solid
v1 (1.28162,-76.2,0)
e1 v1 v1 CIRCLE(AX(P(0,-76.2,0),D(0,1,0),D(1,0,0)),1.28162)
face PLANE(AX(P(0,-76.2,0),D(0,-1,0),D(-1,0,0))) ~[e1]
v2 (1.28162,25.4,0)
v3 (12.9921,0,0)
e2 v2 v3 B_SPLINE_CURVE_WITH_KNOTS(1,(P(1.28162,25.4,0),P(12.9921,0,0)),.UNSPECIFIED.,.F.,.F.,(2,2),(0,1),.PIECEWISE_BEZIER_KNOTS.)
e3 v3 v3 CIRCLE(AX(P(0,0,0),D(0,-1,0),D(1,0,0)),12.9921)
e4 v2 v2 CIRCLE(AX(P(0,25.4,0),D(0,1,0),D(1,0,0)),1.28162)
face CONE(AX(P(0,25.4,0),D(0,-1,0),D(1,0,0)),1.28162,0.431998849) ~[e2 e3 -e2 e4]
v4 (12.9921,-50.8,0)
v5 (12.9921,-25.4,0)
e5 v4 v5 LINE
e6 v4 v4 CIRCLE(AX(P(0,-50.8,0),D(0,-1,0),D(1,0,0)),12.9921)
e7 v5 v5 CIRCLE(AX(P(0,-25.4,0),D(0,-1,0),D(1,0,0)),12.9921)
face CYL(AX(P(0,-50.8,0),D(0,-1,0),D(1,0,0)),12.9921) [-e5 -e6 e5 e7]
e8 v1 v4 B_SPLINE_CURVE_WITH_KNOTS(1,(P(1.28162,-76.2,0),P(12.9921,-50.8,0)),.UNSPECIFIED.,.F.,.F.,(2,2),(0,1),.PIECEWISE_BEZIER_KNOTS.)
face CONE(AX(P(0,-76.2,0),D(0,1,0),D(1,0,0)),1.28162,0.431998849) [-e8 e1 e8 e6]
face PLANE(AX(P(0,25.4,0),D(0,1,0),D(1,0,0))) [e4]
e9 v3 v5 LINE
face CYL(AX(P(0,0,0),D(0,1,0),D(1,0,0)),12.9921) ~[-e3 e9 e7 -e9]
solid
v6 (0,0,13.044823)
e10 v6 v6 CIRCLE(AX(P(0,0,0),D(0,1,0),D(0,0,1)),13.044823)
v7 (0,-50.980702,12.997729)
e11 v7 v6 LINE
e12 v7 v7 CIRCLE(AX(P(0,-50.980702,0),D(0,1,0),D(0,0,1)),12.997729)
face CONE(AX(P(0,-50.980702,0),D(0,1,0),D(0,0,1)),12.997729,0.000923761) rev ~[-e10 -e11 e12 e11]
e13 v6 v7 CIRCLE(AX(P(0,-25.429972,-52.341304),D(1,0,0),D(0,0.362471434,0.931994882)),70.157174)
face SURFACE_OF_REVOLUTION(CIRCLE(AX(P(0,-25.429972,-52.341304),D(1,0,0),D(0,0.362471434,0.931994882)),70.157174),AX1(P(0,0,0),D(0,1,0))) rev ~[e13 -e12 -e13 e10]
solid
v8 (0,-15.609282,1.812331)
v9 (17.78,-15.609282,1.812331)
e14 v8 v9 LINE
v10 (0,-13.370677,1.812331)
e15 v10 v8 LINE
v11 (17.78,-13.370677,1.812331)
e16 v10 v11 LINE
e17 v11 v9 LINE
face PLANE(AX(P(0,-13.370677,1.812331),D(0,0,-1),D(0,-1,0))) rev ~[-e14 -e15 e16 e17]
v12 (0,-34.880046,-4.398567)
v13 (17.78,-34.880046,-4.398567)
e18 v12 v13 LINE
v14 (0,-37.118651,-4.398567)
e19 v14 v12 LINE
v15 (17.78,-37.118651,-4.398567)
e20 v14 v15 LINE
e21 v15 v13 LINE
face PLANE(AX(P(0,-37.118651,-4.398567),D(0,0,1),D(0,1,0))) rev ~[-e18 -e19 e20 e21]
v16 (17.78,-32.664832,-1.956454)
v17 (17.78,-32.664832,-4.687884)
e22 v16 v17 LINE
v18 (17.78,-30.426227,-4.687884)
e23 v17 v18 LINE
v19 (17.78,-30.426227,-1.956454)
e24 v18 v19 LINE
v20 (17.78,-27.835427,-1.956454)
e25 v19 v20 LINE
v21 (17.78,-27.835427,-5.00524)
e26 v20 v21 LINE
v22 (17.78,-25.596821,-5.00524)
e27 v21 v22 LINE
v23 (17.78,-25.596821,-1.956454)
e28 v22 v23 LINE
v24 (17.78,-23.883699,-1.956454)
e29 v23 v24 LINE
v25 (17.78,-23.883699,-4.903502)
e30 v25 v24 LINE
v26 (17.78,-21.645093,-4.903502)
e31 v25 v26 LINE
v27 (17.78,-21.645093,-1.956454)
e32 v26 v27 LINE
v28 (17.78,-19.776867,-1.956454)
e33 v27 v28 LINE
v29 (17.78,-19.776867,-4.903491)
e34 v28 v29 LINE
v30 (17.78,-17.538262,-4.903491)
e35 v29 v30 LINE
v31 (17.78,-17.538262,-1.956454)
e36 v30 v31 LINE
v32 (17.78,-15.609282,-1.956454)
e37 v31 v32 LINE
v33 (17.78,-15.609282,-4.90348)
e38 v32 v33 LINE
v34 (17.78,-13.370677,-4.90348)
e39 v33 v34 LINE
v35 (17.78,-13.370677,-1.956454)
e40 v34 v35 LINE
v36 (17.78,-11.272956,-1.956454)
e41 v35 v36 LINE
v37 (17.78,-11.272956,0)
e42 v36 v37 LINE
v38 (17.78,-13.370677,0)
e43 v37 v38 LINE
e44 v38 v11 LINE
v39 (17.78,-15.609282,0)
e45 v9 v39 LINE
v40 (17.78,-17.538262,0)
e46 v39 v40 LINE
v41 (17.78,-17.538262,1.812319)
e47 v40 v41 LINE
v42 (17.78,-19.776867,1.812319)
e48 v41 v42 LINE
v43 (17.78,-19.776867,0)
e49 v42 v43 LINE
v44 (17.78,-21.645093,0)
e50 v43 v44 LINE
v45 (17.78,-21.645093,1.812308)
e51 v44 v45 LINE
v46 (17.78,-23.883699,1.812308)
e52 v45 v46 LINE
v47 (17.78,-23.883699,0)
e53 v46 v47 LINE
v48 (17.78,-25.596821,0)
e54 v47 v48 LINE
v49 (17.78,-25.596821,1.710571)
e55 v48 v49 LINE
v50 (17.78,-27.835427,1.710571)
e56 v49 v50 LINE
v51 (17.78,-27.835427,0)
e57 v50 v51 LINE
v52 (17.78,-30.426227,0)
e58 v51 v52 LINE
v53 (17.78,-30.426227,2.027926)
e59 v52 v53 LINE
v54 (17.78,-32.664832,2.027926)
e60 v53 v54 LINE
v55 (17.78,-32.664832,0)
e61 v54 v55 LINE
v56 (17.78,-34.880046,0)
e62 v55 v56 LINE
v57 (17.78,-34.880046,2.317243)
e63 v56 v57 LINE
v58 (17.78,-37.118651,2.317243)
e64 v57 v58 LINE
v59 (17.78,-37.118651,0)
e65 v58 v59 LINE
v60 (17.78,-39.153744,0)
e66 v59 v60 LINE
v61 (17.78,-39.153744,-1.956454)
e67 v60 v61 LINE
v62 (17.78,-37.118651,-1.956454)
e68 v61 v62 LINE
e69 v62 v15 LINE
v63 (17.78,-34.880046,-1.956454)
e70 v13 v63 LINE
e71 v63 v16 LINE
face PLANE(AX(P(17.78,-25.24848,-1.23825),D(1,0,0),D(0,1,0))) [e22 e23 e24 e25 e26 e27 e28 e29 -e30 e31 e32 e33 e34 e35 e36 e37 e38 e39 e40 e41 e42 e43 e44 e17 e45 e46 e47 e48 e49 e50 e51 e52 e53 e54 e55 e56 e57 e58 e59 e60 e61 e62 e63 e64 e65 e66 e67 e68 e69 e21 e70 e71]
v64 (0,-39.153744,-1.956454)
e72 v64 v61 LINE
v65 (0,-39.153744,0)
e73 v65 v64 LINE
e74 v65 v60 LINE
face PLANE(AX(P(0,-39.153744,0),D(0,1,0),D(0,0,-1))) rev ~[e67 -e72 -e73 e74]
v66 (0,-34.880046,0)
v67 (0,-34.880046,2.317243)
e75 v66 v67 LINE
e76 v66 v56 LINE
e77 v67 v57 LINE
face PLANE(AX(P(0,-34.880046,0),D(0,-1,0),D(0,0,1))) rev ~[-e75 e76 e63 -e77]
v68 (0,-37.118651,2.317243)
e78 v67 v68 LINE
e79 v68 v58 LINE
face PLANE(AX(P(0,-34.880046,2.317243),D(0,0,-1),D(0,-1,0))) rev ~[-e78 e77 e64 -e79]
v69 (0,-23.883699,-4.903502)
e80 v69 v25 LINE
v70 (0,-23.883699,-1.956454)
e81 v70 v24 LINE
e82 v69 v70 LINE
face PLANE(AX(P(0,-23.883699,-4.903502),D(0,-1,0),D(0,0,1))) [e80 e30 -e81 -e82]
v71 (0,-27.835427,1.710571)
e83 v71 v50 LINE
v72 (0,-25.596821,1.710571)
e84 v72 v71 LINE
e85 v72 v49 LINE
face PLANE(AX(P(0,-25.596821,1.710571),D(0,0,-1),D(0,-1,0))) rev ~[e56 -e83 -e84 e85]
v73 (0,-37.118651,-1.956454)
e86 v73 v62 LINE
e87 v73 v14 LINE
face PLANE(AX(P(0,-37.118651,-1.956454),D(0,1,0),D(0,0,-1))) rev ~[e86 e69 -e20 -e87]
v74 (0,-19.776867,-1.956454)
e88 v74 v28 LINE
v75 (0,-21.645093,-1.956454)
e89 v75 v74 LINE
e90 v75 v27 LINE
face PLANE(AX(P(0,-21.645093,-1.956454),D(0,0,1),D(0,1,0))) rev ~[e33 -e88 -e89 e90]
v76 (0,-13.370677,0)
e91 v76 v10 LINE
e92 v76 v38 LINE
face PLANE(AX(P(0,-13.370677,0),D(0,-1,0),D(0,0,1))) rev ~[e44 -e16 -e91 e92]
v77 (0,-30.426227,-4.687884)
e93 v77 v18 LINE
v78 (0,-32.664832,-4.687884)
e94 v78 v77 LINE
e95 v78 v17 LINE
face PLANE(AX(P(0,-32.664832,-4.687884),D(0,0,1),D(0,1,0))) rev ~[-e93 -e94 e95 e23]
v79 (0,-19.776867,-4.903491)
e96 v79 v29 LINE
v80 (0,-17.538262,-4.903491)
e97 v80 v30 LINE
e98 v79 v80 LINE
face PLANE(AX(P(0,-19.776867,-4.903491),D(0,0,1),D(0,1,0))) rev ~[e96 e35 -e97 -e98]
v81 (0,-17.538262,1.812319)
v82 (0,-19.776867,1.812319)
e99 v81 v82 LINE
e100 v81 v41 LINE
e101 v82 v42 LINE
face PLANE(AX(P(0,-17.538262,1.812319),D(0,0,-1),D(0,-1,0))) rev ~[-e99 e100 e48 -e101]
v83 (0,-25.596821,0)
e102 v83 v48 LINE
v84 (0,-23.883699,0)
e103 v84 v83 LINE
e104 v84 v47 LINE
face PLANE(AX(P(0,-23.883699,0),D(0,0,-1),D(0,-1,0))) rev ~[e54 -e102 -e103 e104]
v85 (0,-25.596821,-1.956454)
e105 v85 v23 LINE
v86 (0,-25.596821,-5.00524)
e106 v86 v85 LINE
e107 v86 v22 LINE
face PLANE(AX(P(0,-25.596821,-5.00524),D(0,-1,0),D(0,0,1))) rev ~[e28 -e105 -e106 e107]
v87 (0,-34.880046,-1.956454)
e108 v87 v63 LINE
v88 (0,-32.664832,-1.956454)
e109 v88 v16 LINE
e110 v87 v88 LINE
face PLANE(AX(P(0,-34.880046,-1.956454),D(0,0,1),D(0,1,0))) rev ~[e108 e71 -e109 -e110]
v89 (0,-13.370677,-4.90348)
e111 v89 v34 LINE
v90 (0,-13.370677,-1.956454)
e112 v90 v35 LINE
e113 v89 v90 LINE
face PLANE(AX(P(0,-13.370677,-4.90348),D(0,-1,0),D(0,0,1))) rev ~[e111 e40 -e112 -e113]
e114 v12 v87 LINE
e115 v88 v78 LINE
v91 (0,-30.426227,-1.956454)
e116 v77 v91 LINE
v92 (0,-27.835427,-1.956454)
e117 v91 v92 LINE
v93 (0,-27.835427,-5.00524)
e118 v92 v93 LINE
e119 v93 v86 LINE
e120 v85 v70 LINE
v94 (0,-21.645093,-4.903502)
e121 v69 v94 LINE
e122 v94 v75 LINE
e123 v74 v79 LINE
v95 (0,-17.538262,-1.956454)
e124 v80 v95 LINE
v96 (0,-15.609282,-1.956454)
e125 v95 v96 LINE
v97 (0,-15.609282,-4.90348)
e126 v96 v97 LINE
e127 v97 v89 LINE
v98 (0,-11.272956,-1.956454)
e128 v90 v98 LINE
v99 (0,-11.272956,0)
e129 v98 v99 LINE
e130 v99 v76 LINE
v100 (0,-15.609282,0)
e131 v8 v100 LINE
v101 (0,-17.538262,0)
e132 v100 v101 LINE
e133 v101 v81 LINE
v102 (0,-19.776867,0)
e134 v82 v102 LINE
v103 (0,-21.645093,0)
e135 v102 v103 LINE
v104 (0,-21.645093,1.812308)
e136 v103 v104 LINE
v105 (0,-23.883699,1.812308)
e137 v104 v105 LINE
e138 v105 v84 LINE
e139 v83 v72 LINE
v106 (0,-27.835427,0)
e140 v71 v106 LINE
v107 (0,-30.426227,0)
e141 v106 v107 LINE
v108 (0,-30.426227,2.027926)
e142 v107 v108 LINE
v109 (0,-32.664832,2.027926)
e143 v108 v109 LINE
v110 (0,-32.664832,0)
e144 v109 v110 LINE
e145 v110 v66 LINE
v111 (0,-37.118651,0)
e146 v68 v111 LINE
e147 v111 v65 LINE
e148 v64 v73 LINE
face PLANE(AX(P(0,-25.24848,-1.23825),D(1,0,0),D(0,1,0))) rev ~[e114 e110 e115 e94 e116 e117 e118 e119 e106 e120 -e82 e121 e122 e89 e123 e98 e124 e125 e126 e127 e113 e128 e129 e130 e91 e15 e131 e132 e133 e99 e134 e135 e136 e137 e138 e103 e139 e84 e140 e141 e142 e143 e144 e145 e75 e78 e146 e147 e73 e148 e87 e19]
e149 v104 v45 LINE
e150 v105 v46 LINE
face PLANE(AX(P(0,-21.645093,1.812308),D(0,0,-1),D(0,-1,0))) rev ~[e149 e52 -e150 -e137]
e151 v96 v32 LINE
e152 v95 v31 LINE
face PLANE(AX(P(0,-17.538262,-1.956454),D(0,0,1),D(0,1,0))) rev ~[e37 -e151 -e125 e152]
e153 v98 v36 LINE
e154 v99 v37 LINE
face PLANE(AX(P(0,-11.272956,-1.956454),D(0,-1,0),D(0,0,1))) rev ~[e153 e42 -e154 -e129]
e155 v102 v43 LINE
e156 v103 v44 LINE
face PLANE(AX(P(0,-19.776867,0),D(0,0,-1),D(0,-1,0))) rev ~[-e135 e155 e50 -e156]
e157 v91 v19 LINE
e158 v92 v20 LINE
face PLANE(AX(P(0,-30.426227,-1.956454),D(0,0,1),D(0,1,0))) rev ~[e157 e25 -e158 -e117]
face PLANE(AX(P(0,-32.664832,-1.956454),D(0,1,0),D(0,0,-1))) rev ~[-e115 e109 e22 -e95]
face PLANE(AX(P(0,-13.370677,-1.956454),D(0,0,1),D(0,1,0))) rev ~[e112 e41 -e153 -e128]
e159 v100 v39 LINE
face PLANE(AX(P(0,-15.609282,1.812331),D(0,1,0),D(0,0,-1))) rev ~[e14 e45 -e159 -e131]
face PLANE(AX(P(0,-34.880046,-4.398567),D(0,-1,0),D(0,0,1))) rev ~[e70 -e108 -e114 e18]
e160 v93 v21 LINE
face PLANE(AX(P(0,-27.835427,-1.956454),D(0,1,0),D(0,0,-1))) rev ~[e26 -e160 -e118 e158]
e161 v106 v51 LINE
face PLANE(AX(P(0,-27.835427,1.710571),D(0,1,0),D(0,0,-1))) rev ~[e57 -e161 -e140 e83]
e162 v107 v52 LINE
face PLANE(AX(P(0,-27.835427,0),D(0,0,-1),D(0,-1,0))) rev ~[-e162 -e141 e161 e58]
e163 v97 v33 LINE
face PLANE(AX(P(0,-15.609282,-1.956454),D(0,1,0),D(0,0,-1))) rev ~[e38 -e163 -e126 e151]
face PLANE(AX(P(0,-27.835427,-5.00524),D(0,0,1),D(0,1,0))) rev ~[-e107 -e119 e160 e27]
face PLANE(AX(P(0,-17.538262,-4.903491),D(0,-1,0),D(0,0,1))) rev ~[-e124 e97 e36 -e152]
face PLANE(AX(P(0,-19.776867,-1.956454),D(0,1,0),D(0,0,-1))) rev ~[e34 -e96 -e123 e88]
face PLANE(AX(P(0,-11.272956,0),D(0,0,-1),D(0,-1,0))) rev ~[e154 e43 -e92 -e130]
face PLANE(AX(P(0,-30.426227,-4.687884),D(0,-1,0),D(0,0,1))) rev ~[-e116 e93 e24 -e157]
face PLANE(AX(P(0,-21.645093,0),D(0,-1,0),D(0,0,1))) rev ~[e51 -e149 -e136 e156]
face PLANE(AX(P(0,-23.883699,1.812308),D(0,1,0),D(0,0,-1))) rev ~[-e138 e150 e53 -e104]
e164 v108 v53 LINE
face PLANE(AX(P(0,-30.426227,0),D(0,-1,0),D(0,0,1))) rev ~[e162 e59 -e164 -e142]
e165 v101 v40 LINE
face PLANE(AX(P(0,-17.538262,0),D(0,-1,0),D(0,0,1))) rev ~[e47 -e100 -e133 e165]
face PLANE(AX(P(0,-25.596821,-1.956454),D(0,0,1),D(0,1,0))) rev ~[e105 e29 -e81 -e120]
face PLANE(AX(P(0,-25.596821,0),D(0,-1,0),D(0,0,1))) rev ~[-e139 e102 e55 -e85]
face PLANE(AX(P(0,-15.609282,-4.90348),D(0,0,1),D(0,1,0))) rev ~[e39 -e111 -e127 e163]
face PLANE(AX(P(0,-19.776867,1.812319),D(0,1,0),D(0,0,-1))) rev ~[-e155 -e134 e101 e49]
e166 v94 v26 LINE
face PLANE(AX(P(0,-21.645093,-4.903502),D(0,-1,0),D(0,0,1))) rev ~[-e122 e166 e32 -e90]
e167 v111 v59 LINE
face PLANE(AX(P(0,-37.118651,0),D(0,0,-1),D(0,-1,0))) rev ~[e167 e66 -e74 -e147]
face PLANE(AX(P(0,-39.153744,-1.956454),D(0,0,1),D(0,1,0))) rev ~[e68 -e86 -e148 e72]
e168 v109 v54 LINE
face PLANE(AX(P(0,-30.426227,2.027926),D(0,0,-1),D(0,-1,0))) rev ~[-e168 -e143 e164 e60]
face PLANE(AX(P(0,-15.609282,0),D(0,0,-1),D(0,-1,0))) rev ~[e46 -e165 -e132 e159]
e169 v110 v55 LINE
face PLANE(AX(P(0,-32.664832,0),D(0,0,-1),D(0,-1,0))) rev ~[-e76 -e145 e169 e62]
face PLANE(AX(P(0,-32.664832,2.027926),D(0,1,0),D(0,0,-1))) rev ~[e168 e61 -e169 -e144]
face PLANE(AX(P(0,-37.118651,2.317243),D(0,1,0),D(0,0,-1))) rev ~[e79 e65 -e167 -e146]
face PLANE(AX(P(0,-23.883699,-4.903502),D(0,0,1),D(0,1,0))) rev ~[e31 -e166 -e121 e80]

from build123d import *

# Parameters (mm, degrees)
F0_R      = 12.9921
F1_DEPTH  = 25.4
F3_R      = 1.28162
F1_FACE_R = 12.9921
F9_W      = 2.238606
F9_H      = 2.947048
F10_DEPTH = 17.78


with BuildPart() as f1:
    # F0 (on Front) → F1 (new body)
    with BuildSketch(Plane.XZ):
        Circle(F0_R)
    extrude(amount=F1_DEPTH)

    # F3 (on offset) → F4 section 0
    with BuildSketch(Plane(origin=(0, 25.4, 0), x_dir=(1, 0, 0), z_dir=(0, 1, 0))):
        Circle(F3_R)
    # F1_face (on face) → F4 section 1
    with BuildSketch(Plane(origin=(0, 0, 0), x_dir=(1, 0, 0), z_dir=(0, 1, 0))):
        Circle(F1_FACE_R)
    loft()

    # F6: F1 across plane


with BuildPart() as f1_1:
    add(f1.part)
    add(f1.part.mirror(Plane.XZ.offset(25.4)))


with BuildPart() as f8:
    # F7 (on Right) → F8 (revolve)
    with BuildSketch(Plane.YZ):
        with BuildLine():
            Line((-50.980702, 12.997729), (0, 13.044823))
            ThreePointArc((0, 13.044823), (-25.49478, 17.81584), (-50.980702, 12.997729))
        make_face()
    revolve(axis=Axis((0, 0, 0), (0, 1, 0)))


with BuildPart() as f10:
    # F9 (on Right) → F10 (new body)
    with BuildSketch(Plane.YZ):
        Polygon((-37.118651, 0), (-39.153744, 0), (-39.153744, -1.956454), (-37.118651, -1.956454), (-37.118651, -4.398567), (-34.880046, -4.398567), (-34.880046, -1.956454), (-32.664832, -1.956454), (-32.664832, -4.687884), (-30.426227, -4.687884), (-30.426227, -1.956454), (-27.835427, -1.956454), (-27.835427, -5.00524), (-25.596821, -5.00524), (-25.596821, -1.956454), (-23.883699, -1.956454), (-21.645093, -1.956454), (-19.776867, -1.956454), (-19.776867, -4.903491), (-17.538262, -4.903491), (-17.538262, -1.956454), (-15.609282, -1.956454), (-15.609282, -4.90348), (-13.370677, -4.90348), (-13.370677, -1.956454), (-11.272956, -1.956454), (-11.272956, 0), (-13.370677, 0), (-13.370677, 1.812331), (-15.609282, 1.812331), (-15.609282, 0), (-17.538262, 0), (-17.538262, 1.812319), (-19.776867, 1.812319), (-19.776867, 0), (-21.645093, 0), (-21.645093, 1.812308), (-23.883699, 1.812308), (-23.883699, 0), (-25.596821, 0), (-25.596821, 1.710571), (-27.835427, 1.710571), (-27.835427, 0), (-30.426227, 0), (-30.426227, 2.027926), (-32.664832, 2.027926), (-32.664832, 0), (-34.880046, 0), (-34.880046, 2.317243), (-37.118651, 2.317243), align=None)
        with Locations((-22.764396, -3.429978)):
            Rectangle(F9_W, F9_H)
    extrude(amount=F10_DEPTH)


solid = Compound([f1_1.part, f8.part, f10.part])
